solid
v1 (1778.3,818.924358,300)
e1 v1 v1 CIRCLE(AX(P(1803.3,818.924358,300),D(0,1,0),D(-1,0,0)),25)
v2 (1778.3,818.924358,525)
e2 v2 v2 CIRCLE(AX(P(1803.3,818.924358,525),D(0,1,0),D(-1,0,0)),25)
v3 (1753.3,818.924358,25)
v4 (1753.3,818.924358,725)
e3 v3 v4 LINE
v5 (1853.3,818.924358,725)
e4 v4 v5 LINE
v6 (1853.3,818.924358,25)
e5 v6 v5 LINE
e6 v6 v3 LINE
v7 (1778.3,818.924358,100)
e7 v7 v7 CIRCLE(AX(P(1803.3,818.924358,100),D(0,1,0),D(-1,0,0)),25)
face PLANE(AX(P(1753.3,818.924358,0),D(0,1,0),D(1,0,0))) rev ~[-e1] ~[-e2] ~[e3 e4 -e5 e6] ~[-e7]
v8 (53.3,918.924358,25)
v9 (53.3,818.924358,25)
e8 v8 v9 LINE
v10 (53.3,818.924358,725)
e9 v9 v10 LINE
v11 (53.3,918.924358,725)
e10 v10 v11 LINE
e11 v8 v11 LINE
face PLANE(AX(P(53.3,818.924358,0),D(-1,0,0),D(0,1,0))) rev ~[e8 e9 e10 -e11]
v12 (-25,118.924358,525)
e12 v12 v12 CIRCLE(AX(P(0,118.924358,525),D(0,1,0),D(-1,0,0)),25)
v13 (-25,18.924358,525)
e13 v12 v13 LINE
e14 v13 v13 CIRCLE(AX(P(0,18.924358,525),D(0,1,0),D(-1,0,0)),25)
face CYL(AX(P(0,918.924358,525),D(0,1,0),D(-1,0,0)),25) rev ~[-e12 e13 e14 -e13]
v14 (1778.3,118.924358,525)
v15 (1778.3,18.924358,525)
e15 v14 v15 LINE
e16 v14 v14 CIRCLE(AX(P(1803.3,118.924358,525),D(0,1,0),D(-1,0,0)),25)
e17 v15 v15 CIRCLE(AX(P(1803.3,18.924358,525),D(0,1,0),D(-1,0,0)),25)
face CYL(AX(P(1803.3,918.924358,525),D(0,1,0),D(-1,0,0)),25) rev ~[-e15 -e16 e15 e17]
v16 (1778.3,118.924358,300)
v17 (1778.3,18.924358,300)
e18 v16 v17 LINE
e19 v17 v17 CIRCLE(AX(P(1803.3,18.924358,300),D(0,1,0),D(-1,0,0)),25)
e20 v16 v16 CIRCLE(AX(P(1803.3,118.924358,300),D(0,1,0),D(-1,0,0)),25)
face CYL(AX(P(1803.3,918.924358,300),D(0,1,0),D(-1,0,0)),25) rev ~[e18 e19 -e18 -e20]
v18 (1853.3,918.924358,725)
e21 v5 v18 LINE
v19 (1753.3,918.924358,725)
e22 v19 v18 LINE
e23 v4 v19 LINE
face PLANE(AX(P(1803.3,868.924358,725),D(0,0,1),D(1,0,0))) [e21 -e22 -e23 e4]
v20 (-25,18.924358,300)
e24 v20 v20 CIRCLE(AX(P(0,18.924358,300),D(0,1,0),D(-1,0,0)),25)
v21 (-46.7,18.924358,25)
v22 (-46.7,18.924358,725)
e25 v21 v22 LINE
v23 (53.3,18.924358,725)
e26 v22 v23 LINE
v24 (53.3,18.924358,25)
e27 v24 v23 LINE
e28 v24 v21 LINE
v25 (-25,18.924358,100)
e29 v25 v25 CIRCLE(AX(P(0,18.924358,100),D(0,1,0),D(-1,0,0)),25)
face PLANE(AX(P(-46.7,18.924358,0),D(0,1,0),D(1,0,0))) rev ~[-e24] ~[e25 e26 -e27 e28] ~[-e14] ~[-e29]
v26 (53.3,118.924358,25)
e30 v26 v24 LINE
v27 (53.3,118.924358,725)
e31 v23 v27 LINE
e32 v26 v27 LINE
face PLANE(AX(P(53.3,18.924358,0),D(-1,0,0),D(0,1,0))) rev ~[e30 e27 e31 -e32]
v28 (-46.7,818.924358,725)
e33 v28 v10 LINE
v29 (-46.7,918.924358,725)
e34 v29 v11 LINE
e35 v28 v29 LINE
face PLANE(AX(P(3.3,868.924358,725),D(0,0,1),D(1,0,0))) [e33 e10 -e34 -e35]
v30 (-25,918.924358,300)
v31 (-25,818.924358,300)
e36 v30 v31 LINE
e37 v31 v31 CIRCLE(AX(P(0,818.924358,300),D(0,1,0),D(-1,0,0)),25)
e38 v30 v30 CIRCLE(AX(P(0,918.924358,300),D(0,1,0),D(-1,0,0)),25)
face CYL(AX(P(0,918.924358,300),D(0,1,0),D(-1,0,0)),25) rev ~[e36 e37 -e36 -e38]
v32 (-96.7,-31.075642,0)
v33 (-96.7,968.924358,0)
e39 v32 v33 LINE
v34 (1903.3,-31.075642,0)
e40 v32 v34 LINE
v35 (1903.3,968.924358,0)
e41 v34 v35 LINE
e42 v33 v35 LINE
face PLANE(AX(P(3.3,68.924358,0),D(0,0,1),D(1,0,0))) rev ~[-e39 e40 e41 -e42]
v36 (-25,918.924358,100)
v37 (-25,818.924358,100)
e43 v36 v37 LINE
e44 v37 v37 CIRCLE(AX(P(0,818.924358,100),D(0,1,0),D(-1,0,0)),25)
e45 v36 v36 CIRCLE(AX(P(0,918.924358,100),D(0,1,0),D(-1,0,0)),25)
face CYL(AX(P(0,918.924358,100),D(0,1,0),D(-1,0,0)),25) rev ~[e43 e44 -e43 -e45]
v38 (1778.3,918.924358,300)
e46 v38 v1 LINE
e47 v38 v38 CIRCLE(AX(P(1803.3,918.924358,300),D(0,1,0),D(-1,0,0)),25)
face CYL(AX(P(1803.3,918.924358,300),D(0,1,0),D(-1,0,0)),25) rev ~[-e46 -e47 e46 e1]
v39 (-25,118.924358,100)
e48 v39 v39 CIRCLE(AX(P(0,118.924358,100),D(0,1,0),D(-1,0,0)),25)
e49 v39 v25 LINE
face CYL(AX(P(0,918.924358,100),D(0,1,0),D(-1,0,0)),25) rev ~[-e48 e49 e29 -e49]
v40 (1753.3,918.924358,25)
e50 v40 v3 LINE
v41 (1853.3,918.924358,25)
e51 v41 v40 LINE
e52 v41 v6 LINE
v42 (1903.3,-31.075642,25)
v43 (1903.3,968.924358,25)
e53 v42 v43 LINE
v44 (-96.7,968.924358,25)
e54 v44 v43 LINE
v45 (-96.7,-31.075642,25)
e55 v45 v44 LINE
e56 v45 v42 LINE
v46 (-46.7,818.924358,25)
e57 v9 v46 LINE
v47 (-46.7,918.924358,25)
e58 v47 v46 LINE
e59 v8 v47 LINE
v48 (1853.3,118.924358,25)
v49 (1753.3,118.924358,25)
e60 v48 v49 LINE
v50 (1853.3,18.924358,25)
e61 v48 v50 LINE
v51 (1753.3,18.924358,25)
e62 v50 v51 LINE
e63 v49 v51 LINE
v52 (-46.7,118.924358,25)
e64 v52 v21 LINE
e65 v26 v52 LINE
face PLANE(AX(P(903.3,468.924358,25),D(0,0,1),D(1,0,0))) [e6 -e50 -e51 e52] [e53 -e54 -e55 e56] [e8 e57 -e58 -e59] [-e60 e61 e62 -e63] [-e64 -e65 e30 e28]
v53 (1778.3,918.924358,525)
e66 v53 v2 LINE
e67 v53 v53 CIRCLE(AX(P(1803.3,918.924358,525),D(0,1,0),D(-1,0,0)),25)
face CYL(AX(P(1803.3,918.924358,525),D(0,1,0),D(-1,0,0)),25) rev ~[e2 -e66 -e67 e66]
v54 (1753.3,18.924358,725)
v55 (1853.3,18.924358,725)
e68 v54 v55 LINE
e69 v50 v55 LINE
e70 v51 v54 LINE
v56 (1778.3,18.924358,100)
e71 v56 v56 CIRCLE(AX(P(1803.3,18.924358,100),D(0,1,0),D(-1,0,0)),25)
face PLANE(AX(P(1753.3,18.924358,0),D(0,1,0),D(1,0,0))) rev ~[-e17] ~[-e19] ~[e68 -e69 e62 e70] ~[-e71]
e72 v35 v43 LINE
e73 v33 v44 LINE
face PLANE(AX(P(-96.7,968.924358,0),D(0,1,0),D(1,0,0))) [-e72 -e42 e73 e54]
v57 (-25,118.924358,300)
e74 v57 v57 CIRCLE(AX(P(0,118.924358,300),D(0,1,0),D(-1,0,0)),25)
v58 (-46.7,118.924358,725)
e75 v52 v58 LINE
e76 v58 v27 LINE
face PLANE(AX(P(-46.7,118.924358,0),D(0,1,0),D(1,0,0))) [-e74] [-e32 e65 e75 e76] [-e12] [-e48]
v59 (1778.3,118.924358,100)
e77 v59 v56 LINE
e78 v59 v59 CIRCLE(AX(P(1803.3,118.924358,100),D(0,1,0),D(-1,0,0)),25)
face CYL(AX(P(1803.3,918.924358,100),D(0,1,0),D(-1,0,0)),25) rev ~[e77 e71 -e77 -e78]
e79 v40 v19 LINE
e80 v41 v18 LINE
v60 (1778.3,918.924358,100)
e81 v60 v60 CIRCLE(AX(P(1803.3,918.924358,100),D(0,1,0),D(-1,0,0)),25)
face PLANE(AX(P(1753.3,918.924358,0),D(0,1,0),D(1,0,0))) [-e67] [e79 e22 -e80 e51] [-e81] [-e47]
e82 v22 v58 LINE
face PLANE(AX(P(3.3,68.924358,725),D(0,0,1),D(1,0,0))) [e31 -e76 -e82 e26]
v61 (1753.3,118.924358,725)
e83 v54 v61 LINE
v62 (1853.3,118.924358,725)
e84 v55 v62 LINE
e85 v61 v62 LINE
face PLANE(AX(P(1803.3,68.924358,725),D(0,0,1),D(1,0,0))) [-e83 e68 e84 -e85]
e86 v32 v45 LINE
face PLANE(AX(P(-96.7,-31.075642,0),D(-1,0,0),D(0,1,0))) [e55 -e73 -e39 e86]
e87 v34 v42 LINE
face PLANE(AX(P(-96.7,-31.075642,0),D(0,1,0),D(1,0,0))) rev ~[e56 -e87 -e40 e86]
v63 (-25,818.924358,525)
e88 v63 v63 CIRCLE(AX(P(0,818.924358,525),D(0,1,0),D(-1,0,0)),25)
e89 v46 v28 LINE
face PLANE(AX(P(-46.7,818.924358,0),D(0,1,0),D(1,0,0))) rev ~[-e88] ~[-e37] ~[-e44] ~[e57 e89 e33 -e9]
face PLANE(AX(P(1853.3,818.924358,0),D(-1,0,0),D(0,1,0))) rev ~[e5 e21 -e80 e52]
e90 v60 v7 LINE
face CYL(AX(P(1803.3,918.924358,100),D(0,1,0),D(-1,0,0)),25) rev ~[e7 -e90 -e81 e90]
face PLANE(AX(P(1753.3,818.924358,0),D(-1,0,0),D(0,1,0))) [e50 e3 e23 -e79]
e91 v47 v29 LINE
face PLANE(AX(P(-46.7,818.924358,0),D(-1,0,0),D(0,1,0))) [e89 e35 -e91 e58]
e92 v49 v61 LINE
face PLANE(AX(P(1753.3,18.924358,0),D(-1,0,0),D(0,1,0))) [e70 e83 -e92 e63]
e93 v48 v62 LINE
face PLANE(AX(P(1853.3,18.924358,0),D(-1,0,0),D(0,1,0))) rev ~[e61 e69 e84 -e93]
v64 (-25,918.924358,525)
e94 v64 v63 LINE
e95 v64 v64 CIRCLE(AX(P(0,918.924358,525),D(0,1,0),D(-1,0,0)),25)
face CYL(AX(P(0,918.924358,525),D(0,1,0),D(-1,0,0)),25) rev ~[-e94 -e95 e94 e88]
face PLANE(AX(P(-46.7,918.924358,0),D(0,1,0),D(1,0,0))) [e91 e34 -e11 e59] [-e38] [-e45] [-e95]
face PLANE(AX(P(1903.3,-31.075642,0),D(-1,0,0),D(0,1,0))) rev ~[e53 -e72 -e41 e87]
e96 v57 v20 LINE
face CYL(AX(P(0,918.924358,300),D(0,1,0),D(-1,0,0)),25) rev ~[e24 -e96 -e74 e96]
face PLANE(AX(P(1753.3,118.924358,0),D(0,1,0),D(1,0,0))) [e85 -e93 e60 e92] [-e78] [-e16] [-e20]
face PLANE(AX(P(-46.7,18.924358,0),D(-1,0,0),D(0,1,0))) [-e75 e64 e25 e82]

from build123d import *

# Parameters (mm, degrees)
F0_W     = 2000
F0_H     = 1000
F1_DEPTH = 25
F2_W     = 100
F2_H     = 100
F3_DEPTH = 725
F4_R     = 25
F5_DEPTH = 950.001


with BuildPart() as f1:
    # F0 (on Top) → F1 (new body)
    with BuildSketch(Plane.XY):
        with Locations((903.3, 468.924358)):
            Rectangle(F0_W, F0_H)
    extrude(amount=F1_DEPTH)

    # F2 (on Top) → F3 (join)
    with BuildSketch(Plane.XY):
        with Locations((3.3, 68.924358)):
            Rectangle(F2_W, F2_H)
        with Locations((1803.3, 68.924358)):
            Rectangle(F2_W, F2_H)
        with Locations((1803.3, 868.924358)):
            Rectangle(F2_W, F2_H)
        with Locations((3.3, 868.924358)):
            Rectangle(F2_W, F2_H)
    extrude(amount=F3_DEPTH)

    # F4 (on face) → F5 (cut, through all)
    with BuildSketch(Plane(origin=(0, 918.924358, 0), x_dir=(-1, 0, 0), z_dir=(0, 1, 0))):
        with Locations((0, 300)):
            Circle(F4_R)
        with Locations((0, 525)):
            Circle(F4_R)
        with Locations((0, 100)):
            Circle(F4_R)
        with Locations((-1803.3, 100)):
            Circle(F4_R)
        with Locations((-1803.3, 300)):
            Circle(F4_R)
        with Locations((-1803.3, 525)):
            Circle(F4_R)
    extrude(amount=-F5_DEPTH, mode=Mode.SUBTRACT)


solid = f1.part
